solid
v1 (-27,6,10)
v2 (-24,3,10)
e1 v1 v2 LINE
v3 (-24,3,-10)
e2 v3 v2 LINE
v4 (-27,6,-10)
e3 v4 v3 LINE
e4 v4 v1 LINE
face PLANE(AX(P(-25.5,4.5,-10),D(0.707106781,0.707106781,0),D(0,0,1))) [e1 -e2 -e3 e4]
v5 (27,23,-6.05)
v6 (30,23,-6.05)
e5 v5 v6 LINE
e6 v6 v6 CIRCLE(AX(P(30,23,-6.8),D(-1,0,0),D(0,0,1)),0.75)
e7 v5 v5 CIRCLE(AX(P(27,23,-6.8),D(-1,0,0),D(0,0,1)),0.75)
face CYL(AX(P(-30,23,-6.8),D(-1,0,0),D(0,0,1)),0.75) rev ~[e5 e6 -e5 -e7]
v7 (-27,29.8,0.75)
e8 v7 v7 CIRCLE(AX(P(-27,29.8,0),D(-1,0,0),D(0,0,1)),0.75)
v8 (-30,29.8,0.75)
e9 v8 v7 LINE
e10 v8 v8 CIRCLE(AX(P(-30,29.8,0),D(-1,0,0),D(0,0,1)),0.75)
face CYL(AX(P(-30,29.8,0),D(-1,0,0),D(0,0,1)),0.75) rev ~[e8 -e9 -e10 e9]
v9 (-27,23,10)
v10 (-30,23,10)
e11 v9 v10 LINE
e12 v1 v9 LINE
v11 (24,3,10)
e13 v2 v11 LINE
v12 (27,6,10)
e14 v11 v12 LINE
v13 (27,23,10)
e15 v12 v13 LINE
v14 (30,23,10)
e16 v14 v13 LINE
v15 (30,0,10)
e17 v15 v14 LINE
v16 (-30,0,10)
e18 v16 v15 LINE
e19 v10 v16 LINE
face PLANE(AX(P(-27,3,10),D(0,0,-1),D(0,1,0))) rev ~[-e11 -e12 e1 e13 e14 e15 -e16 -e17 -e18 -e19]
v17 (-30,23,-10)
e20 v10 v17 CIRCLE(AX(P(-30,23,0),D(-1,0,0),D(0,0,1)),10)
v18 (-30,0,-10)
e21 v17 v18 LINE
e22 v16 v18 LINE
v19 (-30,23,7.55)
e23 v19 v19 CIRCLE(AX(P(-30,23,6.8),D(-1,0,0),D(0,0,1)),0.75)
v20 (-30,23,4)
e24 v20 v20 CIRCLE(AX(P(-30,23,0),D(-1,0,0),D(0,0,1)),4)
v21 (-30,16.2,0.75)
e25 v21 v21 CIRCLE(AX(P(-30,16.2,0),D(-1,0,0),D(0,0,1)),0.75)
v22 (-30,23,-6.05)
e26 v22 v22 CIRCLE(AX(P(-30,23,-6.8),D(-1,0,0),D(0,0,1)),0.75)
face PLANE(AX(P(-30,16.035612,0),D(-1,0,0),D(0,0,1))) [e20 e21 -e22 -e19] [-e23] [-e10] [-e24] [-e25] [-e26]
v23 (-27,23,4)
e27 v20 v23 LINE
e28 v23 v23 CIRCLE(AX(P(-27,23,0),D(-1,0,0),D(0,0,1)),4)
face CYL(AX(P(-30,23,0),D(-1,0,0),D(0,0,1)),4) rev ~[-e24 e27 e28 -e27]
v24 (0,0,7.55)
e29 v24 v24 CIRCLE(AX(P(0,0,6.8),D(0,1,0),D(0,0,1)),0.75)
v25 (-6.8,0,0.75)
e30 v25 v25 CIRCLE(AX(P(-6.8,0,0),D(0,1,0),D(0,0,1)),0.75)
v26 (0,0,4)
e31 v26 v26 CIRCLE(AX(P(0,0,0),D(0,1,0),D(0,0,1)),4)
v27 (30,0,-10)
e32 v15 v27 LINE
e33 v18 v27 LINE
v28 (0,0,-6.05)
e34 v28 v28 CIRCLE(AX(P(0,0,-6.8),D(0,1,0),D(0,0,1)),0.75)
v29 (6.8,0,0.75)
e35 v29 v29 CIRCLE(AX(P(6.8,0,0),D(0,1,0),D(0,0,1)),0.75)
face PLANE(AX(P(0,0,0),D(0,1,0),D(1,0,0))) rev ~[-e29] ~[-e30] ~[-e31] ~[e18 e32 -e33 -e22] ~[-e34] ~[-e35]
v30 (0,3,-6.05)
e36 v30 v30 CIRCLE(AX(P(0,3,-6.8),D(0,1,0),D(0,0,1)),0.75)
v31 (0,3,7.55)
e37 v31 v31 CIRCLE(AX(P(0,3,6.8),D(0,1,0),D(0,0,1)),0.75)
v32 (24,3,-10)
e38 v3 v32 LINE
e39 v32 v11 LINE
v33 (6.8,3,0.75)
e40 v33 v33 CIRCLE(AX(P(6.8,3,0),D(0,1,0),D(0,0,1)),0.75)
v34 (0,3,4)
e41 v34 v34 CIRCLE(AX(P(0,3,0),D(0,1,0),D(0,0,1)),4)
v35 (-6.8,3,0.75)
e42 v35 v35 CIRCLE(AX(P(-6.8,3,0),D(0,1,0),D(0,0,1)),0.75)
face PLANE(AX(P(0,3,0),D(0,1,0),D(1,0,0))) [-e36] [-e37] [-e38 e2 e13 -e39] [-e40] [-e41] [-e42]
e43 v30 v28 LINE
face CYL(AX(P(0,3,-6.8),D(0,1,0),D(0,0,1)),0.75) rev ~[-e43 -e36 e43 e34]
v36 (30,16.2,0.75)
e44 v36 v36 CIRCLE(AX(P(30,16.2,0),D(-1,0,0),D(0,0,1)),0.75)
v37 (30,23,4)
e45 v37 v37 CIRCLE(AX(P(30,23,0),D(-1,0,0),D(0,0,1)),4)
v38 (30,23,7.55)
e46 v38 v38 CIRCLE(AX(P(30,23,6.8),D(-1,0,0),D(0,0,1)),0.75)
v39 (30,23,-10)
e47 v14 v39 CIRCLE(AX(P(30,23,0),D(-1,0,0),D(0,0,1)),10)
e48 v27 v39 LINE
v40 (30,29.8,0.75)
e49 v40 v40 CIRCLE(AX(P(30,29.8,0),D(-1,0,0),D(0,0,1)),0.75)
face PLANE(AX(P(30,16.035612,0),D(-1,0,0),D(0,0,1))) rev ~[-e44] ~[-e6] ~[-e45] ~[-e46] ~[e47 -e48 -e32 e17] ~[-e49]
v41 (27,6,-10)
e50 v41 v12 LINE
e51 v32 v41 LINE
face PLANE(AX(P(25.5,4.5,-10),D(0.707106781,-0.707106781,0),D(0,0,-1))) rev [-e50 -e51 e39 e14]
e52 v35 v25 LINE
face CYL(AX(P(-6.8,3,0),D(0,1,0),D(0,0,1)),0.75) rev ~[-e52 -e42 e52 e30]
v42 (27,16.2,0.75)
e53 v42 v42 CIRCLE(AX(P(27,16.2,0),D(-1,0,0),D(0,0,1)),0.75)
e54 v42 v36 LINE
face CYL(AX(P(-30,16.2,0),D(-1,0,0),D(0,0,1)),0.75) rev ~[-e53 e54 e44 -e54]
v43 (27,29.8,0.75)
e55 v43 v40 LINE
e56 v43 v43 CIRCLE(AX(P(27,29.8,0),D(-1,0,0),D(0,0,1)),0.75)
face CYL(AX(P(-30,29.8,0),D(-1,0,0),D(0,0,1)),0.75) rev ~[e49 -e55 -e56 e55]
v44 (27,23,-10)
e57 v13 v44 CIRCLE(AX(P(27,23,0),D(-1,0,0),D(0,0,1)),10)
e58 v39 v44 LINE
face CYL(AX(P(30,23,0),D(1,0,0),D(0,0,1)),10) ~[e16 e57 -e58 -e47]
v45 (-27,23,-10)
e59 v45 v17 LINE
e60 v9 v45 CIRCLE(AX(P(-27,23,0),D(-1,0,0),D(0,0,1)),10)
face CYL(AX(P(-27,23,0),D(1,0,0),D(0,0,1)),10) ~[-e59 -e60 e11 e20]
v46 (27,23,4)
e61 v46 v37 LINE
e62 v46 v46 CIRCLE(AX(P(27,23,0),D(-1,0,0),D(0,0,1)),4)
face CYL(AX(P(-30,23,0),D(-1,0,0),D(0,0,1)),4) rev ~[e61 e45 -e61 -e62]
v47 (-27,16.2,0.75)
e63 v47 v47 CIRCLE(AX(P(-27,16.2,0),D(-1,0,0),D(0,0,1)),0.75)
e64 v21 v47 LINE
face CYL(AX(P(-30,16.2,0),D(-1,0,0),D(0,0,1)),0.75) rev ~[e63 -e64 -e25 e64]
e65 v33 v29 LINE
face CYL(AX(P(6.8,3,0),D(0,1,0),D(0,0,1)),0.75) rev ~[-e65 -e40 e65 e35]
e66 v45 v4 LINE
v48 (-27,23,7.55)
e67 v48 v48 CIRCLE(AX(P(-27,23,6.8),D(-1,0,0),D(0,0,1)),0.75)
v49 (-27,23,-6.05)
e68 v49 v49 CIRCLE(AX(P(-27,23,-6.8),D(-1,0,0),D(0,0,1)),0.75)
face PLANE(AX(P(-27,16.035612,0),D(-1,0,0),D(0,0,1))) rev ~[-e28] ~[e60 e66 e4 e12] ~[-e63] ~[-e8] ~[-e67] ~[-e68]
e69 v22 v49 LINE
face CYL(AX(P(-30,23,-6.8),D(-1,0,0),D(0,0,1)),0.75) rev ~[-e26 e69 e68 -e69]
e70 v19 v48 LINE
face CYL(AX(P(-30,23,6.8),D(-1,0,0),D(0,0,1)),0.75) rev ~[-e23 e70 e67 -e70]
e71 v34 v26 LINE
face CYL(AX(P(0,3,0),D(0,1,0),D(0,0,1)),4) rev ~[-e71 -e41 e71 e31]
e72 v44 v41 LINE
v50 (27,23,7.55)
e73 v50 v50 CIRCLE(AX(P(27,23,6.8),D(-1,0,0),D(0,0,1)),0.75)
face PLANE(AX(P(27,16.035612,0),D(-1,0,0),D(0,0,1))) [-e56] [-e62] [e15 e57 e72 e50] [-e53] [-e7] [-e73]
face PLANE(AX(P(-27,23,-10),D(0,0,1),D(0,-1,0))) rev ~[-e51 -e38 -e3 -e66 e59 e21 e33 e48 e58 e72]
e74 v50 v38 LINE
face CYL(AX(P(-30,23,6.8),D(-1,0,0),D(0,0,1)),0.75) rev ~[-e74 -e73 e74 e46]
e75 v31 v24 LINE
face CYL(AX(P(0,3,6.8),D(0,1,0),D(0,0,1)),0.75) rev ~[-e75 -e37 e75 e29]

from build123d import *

# Parameters (mm, degrees)
SKETCH_1_W          = 60
SKETCH_1_H          = 20
EXTRUDE_1_DEPTH     = 3
EXTRUDE_2_DEPTH     = 3
EXTRUDE_START       = -3
EXTRUDE_3_DEPTH     = 3
SKETCH_4_R          = 4
SKETCH_4_R_2        = 0.75
CUT_EXTRUDE_1_DEPTH = 70.202601107
SKETCH_5_R          = 4
SKETCH_5_R_2        = 0.75
CUT_EXTRUDE_2_DEPTH = 3
CHAMFER_1_SIZE      = 3


with BuildPart() as part:
    # 草图1 → 凸台-拉伸1 (new body)
    with BuildSketch(Plane(origin=(0, 0, 0), x_dir=(1, 0, 0), z_dir=(0, 1, 0))):
        Rectangle(SKETCH_1_W, SKETCH_1_H)
    extrude(amount=EXTRUDE_1_DEPTH)

    # 草图2 → 凸台-拉伸2 (add)
    with BuildSketch(Plane(origin=(30, 0, 0), x_dir=(0, 0, -1), z_dir=(1, 0, 0))):
        with BuildLine():
            Line((-10, 3), (-10, 23))
            ThreePointArc((-10, 23), (0, 33), (10, 23))
            Line((10, 23), (10, 3))
            Line((10, 3), (-10, 3))
        make_face()
    extrude(amount=-EXTRUDE_2_DEPTH)

    # 草图3 → 凸台-拉伸3 (add)
    with BuildSketch(Plane.ZY.offset(30).offset(EXTRUDE_START)):
        with BuildLine():
            Line((-10, 3), (10, 3))
            Line((10, 3), (10, 23))
            ThreePointArc((10, 23), (0, 33), (-10, 23))
            Line((-10, 23), (-10, 3))
        make_face()
    extrude(amount=EXTRUDE_3_DEPTH)

    # 草图4 → 切除-拉伸1 (cut, through all)
    with BuildSketch(Plane.ZY.offset(30)):
        with Locations((0, 23)):
            Circle(SKETCH_4_R)
        with Locations((0, 29.8)):
            Circle(SKETCH_4_R_2)
        with Locations((6.8, 23)):
            Circle(SKETCH_4_R_2)
        with Locations((0, 16.2)):
            Circle(SKETCH_4_R_2)
        with Locations((-6.8, 23)):
            Circle(SKETCH_4_R_2)
    extrude(amount=-CUT_EXTRUDE_1_DEPTH, mode=Mode.SUBTRACT)

    # 草图5 → 切除-拉伸2 (cut)
    with BuildSketch(Plane(origin=(0, 3, 0), x_dir=(1, 0, 0), z_dir=(0, 1, 0))):
        with Locations(Location((0, 0, 0), (0, 0, 270))):
            Circle(SKETCH_5_R)
        with Locations(Location((0, 6.8, 0), (0, 0, 270))):
            Circle(SKETCH_5_R_2)
        with Locations(Location((6.8, 0, 0), (0, 0, 270))):
            Circle(SKETCH_5_R_2)
        with Locations(Location((0, -6.8, 0), (0, 0, 270))):
            Circle(SKETCH_5_R_2)
        with Locations(Location((-6.8, 0, 0), (0, 0, 270))):
            Circle(SKETCH_5_R_2)
    extrude(amount=-CUT_EXTRUDE_2_DEPTH, mode=Mode.SUBTRACT)

    # 倒角1
    chamfer_1_edges = [part.edges().sort_by_distance(p)[0] for p in [
        (27, 3, 0),
        (-27, 3, 0),
    ]]
    chamfer(chamfer_1_edges, length=CHAMFER_1_SIZE)


solid = part.part
